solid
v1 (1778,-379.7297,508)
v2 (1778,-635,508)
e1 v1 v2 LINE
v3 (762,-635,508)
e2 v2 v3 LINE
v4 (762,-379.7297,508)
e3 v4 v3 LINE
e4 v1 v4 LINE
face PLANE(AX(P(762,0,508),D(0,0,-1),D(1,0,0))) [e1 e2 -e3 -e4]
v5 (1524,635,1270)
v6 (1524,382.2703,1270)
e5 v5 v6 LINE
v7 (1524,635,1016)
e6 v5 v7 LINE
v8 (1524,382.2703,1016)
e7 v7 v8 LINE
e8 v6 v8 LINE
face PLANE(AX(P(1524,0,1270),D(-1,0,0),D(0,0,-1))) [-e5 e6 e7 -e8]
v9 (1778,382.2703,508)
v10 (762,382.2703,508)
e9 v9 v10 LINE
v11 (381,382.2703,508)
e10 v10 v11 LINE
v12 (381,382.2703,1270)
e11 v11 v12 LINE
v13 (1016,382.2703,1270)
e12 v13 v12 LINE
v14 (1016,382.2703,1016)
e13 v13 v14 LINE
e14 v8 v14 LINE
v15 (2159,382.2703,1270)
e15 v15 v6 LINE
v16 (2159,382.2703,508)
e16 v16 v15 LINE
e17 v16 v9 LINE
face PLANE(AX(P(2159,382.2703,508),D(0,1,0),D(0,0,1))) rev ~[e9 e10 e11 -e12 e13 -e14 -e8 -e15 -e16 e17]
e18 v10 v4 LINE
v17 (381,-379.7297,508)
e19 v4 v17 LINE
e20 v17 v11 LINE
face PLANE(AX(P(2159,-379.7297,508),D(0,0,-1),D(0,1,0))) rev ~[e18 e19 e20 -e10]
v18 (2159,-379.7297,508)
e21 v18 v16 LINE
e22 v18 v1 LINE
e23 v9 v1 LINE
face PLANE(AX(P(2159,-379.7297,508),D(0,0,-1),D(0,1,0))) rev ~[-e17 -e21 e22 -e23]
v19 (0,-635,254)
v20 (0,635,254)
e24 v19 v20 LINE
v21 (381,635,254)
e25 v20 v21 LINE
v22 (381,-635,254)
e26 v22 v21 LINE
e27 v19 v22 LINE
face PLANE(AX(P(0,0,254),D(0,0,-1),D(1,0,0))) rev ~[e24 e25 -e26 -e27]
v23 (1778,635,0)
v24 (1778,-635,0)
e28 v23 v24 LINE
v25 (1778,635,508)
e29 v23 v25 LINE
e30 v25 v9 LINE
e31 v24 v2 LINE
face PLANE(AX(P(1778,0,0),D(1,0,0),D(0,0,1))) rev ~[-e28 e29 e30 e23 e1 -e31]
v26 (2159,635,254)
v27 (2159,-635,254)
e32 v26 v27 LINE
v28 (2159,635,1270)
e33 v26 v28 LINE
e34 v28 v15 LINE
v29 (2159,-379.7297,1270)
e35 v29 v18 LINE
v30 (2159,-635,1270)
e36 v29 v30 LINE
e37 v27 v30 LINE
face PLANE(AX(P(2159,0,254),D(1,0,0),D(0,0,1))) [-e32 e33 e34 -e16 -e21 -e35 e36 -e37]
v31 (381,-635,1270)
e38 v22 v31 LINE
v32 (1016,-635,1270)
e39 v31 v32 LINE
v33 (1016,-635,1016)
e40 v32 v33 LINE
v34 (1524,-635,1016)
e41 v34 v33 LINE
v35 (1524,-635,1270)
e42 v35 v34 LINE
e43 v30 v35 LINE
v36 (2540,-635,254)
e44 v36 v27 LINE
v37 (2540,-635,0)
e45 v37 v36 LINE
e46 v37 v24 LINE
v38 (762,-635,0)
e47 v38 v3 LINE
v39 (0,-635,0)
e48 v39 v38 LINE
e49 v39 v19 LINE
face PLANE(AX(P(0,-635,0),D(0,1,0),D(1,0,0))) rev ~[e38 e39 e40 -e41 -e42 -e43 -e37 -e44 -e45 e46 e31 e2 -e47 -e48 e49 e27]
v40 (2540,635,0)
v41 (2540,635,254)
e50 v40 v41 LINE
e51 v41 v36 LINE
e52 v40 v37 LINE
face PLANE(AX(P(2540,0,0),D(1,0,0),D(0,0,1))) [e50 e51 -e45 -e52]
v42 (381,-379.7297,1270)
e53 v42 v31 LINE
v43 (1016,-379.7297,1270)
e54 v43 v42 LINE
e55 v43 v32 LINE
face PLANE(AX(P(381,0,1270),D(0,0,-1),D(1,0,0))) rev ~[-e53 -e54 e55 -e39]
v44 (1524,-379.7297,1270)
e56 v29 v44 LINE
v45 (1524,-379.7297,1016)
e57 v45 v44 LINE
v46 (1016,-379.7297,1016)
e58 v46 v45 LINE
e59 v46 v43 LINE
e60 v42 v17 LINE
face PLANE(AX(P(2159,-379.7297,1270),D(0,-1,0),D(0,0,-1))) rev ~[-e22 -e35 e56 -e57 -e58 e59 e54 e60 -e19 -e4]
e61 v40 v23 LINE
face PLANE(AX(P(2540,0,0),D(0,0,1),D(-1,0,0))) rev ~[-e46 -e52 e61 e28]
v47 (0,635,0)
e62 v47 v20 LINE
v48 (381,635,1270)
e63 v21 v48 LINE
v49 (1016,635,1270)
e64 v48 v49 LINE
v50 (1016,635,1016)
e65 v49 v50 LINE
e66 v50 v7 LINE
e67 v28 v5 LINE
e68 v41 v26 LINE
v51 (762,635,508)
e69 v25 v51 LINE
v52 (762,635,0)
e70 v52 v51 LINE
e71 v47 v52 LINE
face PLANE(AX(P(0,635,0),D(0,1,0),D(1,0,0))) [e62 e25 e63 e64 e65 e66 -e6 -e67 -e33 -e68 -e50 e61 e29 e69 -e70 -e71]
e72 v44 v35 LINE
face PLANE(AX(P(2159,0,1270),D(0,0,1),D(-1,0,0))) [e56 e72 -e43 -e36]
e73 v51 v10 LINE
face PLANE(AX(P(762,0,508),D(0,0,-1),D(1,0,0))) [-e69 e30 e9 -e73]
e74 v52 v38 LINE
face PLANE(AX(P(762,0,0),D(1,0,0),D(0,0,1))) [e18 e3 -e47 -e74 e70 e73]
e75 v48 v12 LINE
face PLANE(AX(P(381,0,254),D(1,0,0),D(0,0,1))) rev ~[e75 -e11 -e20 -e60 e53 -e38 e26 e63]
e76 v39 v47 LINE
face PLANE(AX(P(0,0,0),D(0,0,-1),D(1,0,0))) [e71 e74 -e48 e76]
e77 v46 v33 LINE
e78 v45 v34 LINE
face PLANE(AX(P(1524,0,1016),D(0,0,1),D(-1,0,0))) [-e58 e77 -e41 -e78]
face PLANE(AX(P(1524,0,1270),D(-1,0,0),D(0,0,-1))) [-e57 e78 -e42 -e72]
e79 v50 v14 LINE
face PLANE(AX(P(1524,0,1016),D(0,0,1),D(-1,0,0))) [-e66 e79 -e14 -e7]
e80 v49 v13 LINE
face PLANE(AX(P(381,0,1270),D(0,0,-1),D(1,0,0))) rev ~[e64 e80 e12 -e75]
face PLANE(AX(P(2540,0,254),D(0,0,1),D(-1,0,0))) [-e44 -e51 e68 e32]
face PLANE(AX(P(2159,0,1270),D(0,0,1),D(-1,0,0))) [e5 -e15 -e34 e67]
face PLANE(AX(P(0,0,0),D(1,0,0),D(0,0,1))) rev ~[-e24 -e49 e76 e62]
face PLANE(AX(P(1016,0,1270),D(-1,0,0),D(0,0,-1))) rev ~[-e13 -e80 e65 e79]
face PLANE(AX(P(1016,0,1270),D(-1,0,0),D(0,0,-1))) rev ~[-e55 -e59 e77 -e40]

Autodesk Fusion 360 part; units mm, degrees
sketch "Sketch1" plane through (0, 0, 0) normal (0, 1, 0) x (1, 0, 0)
  line L0 (0, 0) -> (762, 0)
  line L1 (762, 0) -> (762, -508)
  line L2 (0, 0) -> (0, -254)
  line L3 (0, -254) -> (381, -254)
  line L4 (381, -254) -> (381, -1270)
  line L5 (762, -508) -> (1270, -508)
  line L6 (381, -1270) -> (1016, -1270)
  line L7 (1016, -1270) -> (1016, -1016)
  line L8 (1016, -1016) -> (1270, -1016)
  line L9 (1524, -1016) -> (1270, -1016)
  line L10 (2159, -1270) -> (1524, -1270)
  line L11 (1524, -1270) -> (1524, -1016)
  line L12 (2159, -254) -> (2159, -1270)
  line L13 (2540, -254) -> (2159, -254)
  line L14 (2540, 0) -> (2540, -254)
  line L15 (2540, 0) -> (1778, 0)
  line L16 (1778, 0) -> (1778, -508)
  line L17 (1778, -508) -> (1270, -508)
extrude "Extrude1" add sketch "Sketch1" along normal mid plane 1270
sketch "Sketch2" plane through (0, 0, 254) normal (0, 0, 1) x (-1, 0, 0)
  line L0 (-381, 635) -> (-381, -635)
  line L1 (-381, -635) -> (0, -635)
  line L2 (0, 635) -> (-381, 635)
sketch "Sketch3" plane through (2159, 0, 0) normal (1, 0, 0) x (0, 1, 0)
  line L0 (-635, 254) -> (635, 254)
  line L1 (635, 254) -> (635, 1270)
  line L2 (635, 1270) -> (-635, 1270)
  line L3 (-635, 1270) -> (-635, 254)
  line L4 (-635, 508) -> (635, 508)
  line L5 (-379.7297, 1270) -> (-379.7297, 508)
  line L6 (382.2703, 508) -> (382.2703, 1270)
  line L7 (-379.7297, 1270) -> (382.2703, 1270)
  dimension "d9" = 762
extrude "Extrude2" cut sketch "Sketch3" against normal blind 1778 contours L2 L4 L5 L6 L7
